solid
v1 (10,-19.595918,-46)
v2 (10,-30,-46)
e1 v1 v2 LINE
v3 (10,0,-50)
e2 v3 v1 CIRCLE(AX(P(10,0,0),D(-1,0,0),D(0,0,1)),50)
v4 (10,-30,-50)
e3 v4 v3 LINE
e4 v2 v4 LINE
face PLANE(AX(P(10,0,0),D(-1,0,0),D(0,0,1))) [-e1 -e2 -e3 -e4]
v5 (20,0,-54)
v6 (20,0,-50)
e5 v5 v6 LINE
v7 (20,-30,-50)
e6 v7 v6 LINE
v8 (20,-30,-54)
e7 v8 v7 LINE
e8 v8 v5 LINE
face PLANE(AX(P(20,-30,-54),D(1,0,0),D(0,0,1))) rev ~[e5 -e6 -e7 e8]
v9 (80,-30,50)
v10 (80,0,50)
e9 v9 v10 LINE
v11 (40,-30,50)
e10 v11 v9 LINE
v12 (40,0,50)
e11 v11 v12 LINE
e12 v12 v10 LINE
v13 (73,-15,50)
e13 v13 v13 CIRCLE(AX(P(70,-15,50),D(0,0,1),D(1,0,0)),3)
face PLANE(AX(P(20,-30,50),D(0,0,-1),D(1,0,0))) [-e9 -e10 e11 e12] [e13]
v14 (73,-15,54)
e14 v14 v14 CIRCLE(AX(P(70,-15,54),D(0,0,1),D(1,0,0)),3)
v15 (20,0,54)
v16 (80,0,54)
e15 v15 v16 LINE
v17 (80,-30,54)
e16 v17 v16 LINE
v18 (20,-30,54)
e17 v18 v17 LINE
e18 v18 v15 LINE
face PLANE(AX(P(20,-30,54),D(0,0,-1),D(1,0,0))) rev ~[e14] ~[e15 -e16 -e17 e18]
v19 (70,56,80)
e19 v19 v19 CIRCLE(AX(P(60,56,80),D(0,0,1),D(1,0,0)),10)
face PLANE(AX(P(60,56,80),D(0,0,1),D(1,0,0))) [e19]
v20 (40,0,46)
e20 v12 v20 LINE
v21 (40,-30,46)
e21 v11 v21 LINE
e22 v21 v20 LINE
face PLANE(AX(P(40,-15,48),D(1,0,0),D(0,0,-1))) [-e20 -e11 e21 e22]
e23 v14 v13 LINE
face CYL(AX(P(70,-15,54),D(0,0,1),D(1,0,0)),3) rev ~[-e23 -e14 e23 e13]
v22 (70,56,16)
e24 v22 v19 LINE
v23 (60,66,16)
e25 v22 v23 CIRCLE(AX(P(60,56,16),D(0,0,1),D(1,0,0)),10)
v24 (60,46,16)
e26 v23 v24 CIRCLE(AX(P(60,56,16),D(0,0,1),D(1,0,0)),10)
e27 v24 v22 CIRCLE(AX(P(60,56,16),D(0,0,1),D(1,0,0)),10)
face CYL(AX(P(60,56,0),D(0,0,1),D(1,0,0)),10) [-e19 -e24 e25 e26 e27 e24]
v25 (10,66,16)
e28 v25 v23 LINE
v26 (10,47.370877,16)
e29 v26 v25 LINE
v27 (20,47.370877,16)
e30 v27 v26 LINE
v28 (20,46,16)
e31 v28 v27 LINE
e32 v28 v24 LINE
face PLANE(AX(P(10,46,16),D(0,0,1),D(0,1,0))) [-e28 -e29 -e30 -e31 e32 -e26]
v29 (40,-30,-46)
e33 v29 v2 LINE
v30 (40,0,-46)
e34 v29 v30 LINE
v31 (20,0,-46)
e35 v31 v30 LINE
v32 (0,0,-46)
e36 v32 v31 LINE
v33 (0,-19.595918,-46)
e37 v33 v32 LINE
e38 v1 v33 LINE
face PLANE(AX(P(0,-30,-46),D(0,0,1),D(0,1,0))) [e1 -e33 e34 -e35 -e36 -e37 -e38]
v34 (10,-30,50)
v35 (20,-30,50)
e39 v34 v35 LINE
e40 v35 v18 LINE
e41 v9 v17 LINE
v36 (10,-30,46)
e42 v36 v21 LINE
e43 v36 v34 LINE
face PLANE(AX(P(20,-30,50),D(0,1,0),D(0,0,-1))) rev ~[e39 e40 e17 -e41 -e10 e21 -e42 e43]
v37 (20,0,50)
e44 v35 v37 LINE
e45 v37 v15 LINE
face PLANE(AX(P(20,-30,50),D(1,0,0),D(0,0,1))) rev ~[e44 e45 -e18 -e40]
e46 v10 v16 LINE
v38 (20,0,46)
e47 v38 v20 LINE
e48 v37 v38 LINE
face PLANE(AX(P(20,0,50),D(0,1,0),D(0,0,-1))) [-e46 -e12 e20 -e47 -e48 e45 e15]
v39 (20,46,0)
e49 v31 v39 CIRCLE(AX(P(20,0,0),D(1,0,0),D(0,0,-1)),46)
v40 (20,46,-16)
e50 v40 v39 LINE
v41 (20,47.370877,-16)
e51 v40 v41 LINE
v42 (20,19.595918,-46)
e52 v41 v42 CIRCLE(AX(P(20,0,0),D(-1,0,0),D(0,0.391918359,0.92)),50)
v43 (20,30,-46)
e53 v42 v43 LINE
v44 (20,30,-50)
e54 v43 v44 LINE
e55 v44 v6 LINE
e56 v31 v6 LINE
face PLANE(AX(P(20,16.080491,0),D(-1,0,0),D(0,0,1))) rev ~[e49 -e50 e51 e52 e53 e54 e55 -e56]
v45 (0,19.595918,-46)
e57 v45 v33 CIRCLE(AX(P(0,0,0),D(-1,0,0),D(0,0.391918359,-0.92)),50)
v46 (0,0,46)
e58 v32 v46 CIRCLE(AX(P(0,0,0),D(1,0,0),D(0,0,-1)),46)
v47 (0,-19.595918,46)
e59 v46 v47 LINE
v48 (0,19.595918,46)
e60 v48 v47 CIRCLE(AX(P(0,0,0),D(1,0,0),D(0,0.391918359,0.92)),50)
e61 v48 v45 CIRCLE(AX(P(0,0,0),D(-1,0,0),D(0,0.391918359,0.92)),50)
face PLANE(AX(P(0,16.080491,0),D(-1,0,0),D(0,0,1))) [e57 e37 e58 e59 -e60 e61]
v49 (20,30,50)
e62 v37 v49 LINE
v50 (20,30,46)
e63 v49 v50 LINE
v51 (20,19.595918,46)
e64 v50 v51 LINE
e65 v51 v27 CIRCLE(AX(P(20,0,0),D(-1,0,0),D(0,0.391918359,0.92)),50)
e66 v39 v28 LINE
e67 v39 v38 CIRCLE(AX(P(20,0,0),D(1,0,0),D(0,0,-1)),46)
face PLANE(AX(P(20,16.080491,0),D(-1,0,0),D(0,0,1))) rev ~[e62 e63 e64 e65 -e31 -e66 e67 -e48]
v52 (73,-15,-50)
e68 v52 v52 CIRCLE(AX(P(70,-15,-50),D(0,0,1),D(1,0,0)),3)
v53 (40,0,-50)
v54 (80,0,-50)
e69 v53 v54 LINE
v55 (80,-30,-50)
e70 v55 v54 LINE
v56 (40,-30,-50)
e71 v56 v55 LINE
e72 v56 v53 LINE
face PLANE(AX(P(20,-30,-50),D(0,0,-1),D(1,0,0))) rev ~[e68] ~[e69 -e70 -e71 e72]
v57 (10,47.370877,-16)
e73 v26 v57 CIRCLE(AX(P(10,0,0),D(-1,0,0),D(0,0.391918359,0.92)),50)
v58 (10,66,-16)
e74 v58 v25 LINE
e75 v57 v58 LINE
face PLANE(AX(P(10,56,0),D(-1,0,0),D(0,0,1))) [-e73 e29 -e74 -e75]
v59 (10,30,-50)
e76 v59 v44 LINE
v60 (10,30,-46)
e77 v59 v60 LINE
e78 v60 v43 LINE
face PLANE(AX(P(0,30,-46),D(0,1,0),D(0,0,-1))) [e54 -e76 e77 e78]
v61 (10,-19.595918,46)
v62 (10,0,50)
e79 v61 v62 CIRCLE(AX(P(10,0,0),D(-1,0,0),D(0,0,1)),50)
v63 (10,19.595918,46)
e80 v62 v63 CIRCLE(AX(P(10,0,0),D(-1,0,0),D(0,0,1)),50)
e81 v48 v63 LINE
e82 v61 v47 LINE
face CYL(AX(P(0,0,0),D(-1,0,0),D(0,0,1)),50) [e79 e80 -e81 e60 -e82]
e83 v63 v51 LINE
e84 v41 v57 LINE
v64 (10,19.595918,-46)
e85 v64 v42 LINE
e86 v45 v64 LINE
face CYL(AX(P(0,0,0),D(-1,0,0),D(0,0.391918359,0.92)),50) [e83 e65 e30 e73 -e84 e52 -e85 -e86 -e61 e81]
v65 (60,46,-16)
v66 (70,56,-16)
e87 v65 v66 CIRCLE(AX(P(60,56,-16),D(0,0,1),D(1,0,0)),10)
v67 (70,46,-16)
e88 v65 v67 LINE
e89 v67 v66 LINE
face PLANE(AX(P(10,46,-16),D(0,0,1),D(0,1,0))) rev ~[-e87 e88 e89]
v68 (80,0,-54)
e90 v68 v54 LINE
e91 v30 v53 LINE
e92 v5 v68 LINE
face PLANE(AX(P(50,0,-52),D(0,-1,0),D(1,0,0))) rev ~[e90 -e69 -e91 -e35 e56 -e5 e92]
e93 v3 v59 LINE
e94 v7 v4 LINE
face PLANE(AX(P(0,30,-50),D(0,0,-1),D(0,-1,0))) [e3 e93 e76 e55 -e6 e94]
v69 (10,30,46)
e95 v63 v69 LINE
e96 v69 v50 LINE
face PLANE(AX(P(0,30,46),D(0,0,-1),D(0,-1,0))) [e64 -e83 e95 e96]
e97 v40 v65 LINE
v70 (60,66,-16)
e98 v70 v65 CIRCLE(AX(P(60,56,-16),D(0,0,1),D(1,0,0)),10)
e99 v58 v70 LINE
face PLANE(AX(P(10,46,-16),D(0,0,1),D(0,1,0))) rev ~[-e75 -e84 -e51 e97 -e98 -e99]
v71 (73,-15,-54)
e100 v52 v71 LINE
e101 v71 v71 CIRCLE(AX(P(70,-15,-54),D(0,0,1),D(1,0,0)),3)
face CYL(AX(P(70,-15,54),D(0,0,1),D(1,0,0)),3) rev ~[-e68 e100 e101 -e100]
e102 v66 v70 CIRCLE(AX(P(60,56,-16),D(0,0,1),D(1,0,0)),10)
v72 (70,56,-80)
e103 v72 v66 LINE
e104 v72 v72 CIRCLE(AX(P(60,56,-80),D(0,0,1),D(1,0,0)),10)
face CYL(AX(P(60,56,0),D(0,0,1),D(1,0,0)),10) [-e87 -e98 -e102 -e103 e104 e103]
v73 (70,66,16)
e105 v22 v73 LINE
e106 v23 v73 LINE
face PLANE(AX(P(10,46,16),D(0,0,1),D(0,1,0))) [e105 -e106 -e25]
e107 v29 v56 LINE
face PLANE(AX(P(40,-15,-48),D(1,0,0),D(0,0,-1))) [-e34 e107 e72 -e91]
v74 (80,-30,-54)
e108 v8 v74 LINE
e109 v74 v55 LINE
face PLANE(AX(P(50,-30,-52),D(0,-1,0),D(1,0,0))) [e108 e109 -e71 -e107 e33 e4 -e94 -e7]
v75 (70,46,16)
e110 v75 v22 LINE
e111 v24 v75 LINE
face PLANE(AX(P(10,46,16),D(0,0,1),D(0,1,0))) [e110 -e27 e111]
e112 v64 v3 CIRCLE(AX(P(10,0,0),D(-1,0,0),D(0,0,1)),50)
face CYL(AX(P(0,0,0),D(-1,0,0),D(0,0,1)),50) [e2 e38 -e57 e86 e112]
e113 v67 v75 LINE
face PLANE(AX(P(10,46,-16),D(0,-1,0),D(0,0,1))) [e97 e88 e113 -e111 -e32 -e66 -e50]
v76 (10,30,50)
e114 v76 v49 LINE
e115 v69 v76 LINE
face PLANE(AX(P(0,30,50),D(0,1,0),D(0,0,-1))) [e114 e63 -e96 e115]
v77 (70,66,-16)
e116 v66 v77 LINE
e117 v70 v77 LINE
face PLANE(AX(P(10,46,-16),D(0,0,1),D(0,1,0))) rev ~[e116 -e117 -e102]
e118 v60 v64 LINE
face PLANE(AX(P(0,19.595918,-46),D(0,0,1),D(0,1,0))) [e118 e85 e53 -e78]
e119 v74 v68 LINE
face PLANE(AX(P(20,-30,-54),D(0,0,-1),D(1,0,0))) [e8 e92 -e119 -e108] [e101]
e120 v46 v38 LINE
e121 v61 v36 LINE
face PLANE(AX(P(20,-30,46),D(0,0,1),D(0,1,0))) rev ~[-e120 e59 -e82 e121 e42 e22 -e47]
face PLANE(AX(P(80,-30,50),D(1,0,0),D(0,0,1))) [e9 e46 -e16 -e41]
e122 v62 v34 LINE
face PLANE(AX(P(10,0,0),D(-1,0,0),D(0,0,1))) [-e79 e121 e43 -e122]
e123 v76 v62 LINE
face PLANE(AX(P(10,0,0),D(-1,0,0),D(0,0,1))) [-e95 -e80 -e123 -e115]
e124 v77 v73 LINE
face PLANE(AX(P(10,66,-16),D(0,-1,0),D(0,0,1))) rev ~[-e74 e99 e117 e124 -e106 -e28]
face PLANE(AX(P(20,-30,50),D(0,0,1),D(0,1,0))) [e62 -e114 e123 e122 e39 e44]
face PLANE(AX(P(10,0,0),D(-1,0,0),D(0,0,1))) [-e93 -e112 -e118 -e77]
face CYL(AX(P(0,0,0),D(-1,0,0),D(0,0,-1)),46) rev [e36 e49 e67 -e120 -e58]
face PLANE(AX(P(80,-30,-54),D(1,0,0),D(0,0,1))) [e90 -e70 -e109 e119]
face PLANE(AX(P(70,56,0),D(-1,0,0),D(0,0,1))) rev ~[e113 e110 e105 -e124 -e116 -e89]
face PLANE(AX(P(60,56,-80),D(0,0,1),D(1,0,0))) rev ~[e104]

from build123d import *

# Parameters (mm, degrees)
EXTRUDE_1_DEPTH     = 20
SKETCH_2_W          = 4
SKETCH_2_H          = 30
EXTRUDE_3_DEPTH     = 20
SKETCH_4_R          = 60
SKETCH_4_R_2        = 50
CUT_EXTRUDE_2_DEPTH = 10
SKETCH_5_W          = 32
SKETCH_5_H          = 20
EXTRUDE_4_DEPTH     = 60
SKETCH_7_R          = 10
EXTRUDE_5_DEPTH     = 80
SKETCH_9_W          = 60
SKETCH_9_H          = 4
EXTRUDE_6_DEPTH     = 30
SKETCH_10_R         = 3
CUT_EXTRUDE_4_DEPTH = 135


with BuildPart() as part:
    # 草图1 → 凸台-拉伸1 (new body)
    with BuildSketch(Plane(origin=(0, 0, 0), x_dir=(0, 0, -1), z_dir=(1, 0, 0))):
        with BuildLine():
            Line((-50, 30), (-46, 30))
            Line((-46, 30), (-46, 19.595917942))
            ThreePointArc((-46, 19.595917942), (0, 50), (46, 19.595917942))
            Line((46, 19.595917942), (46, 30))
            Line((46, 30), (50, 30))
            Line((50, 30), (50, -30))
            Line((50, -30), (46, -30))
            Line((46, -30), (46, 0))
            ThreePointArc((46, 0), (0, 46), (-46, 0))
            Line((-46, 0), (-46, -30))
            Line((-46, -30), (-50, -30))
            Line((-50, -30), (-50, 30))
        make_face()
    extrude(amount=EXTRUDE_1_DEPTH)

    # 草图2 → 凸台-拉伸3 (add)
    with BuildSketch(Plane(origin=(20, 0, 0), x_dir=(0, 0, -1), z_dir=(1, 0, 0))):
        with Locations((-48, -15)):
            Rectangle(SKETCH_2_W, SKETCH_2_H)
        with Locations((48, -15)):
            Rectangle(SKETCH_2_W, SKETCH_2_H)
    extrude(amount=EXTRUDE_3_DEPTH)

    # 草图4 → 切除-拉伸2 (cut)
    with BuildSketch(Plane.ZY):
        Circle(SKETCH_4_R)
        Circle(SKETCH_4_R_2, mode=Mode.SUBTRACT)
    extrude(amount=-CUT_EXTRUDE_2_DEPTH, mode=Mode.SUBTRACT)

    # 草图5 → 凸台-拉伸4 (add)
    with BuildSketch(Plane.ZY.offset(-10)):
        with Locations((0, 56)):
            Rectangle(SKETCH_5_W, SKETCH_5_H)
    extrude(amount=-EXTRUDE_4_DEPTH)

    # 草图7 → 凸台-拉伸5 (add, symmetric)
    with BuildSketch(Plane.XY):
        with Locations((60, 56)):
            Circle(SKETCH_7_R)
    extrude(amount=EXTRUDE_5_DEPTH, both=True)

    # 草图9 → 凸台-拉伸6 (add)
    with BuildSketch(Plane.XZ.offset(30)):
        with Locations((50, -52)):
            Rectangle(SKETCH_9_W, SKETCH_9_H)
        with Locations((50, 52)):
            Rectangle(SKETCH_9_W, SKETCH_9_H)
    extrude(amount=-EXTRUDE_6_DEPTH)

    # 草图10 → 切除-拉伸4 (cut, through all)
    with BuildSketch(Plane.XY.offset(54)):
        with Locations((70, -15)):
            Circle(SKETCH_10_R)
    extrude(amount=-CUT_EXTRUDE_4_DEPTH, mode=Mode.SUBTRACT)


solid = part.part
